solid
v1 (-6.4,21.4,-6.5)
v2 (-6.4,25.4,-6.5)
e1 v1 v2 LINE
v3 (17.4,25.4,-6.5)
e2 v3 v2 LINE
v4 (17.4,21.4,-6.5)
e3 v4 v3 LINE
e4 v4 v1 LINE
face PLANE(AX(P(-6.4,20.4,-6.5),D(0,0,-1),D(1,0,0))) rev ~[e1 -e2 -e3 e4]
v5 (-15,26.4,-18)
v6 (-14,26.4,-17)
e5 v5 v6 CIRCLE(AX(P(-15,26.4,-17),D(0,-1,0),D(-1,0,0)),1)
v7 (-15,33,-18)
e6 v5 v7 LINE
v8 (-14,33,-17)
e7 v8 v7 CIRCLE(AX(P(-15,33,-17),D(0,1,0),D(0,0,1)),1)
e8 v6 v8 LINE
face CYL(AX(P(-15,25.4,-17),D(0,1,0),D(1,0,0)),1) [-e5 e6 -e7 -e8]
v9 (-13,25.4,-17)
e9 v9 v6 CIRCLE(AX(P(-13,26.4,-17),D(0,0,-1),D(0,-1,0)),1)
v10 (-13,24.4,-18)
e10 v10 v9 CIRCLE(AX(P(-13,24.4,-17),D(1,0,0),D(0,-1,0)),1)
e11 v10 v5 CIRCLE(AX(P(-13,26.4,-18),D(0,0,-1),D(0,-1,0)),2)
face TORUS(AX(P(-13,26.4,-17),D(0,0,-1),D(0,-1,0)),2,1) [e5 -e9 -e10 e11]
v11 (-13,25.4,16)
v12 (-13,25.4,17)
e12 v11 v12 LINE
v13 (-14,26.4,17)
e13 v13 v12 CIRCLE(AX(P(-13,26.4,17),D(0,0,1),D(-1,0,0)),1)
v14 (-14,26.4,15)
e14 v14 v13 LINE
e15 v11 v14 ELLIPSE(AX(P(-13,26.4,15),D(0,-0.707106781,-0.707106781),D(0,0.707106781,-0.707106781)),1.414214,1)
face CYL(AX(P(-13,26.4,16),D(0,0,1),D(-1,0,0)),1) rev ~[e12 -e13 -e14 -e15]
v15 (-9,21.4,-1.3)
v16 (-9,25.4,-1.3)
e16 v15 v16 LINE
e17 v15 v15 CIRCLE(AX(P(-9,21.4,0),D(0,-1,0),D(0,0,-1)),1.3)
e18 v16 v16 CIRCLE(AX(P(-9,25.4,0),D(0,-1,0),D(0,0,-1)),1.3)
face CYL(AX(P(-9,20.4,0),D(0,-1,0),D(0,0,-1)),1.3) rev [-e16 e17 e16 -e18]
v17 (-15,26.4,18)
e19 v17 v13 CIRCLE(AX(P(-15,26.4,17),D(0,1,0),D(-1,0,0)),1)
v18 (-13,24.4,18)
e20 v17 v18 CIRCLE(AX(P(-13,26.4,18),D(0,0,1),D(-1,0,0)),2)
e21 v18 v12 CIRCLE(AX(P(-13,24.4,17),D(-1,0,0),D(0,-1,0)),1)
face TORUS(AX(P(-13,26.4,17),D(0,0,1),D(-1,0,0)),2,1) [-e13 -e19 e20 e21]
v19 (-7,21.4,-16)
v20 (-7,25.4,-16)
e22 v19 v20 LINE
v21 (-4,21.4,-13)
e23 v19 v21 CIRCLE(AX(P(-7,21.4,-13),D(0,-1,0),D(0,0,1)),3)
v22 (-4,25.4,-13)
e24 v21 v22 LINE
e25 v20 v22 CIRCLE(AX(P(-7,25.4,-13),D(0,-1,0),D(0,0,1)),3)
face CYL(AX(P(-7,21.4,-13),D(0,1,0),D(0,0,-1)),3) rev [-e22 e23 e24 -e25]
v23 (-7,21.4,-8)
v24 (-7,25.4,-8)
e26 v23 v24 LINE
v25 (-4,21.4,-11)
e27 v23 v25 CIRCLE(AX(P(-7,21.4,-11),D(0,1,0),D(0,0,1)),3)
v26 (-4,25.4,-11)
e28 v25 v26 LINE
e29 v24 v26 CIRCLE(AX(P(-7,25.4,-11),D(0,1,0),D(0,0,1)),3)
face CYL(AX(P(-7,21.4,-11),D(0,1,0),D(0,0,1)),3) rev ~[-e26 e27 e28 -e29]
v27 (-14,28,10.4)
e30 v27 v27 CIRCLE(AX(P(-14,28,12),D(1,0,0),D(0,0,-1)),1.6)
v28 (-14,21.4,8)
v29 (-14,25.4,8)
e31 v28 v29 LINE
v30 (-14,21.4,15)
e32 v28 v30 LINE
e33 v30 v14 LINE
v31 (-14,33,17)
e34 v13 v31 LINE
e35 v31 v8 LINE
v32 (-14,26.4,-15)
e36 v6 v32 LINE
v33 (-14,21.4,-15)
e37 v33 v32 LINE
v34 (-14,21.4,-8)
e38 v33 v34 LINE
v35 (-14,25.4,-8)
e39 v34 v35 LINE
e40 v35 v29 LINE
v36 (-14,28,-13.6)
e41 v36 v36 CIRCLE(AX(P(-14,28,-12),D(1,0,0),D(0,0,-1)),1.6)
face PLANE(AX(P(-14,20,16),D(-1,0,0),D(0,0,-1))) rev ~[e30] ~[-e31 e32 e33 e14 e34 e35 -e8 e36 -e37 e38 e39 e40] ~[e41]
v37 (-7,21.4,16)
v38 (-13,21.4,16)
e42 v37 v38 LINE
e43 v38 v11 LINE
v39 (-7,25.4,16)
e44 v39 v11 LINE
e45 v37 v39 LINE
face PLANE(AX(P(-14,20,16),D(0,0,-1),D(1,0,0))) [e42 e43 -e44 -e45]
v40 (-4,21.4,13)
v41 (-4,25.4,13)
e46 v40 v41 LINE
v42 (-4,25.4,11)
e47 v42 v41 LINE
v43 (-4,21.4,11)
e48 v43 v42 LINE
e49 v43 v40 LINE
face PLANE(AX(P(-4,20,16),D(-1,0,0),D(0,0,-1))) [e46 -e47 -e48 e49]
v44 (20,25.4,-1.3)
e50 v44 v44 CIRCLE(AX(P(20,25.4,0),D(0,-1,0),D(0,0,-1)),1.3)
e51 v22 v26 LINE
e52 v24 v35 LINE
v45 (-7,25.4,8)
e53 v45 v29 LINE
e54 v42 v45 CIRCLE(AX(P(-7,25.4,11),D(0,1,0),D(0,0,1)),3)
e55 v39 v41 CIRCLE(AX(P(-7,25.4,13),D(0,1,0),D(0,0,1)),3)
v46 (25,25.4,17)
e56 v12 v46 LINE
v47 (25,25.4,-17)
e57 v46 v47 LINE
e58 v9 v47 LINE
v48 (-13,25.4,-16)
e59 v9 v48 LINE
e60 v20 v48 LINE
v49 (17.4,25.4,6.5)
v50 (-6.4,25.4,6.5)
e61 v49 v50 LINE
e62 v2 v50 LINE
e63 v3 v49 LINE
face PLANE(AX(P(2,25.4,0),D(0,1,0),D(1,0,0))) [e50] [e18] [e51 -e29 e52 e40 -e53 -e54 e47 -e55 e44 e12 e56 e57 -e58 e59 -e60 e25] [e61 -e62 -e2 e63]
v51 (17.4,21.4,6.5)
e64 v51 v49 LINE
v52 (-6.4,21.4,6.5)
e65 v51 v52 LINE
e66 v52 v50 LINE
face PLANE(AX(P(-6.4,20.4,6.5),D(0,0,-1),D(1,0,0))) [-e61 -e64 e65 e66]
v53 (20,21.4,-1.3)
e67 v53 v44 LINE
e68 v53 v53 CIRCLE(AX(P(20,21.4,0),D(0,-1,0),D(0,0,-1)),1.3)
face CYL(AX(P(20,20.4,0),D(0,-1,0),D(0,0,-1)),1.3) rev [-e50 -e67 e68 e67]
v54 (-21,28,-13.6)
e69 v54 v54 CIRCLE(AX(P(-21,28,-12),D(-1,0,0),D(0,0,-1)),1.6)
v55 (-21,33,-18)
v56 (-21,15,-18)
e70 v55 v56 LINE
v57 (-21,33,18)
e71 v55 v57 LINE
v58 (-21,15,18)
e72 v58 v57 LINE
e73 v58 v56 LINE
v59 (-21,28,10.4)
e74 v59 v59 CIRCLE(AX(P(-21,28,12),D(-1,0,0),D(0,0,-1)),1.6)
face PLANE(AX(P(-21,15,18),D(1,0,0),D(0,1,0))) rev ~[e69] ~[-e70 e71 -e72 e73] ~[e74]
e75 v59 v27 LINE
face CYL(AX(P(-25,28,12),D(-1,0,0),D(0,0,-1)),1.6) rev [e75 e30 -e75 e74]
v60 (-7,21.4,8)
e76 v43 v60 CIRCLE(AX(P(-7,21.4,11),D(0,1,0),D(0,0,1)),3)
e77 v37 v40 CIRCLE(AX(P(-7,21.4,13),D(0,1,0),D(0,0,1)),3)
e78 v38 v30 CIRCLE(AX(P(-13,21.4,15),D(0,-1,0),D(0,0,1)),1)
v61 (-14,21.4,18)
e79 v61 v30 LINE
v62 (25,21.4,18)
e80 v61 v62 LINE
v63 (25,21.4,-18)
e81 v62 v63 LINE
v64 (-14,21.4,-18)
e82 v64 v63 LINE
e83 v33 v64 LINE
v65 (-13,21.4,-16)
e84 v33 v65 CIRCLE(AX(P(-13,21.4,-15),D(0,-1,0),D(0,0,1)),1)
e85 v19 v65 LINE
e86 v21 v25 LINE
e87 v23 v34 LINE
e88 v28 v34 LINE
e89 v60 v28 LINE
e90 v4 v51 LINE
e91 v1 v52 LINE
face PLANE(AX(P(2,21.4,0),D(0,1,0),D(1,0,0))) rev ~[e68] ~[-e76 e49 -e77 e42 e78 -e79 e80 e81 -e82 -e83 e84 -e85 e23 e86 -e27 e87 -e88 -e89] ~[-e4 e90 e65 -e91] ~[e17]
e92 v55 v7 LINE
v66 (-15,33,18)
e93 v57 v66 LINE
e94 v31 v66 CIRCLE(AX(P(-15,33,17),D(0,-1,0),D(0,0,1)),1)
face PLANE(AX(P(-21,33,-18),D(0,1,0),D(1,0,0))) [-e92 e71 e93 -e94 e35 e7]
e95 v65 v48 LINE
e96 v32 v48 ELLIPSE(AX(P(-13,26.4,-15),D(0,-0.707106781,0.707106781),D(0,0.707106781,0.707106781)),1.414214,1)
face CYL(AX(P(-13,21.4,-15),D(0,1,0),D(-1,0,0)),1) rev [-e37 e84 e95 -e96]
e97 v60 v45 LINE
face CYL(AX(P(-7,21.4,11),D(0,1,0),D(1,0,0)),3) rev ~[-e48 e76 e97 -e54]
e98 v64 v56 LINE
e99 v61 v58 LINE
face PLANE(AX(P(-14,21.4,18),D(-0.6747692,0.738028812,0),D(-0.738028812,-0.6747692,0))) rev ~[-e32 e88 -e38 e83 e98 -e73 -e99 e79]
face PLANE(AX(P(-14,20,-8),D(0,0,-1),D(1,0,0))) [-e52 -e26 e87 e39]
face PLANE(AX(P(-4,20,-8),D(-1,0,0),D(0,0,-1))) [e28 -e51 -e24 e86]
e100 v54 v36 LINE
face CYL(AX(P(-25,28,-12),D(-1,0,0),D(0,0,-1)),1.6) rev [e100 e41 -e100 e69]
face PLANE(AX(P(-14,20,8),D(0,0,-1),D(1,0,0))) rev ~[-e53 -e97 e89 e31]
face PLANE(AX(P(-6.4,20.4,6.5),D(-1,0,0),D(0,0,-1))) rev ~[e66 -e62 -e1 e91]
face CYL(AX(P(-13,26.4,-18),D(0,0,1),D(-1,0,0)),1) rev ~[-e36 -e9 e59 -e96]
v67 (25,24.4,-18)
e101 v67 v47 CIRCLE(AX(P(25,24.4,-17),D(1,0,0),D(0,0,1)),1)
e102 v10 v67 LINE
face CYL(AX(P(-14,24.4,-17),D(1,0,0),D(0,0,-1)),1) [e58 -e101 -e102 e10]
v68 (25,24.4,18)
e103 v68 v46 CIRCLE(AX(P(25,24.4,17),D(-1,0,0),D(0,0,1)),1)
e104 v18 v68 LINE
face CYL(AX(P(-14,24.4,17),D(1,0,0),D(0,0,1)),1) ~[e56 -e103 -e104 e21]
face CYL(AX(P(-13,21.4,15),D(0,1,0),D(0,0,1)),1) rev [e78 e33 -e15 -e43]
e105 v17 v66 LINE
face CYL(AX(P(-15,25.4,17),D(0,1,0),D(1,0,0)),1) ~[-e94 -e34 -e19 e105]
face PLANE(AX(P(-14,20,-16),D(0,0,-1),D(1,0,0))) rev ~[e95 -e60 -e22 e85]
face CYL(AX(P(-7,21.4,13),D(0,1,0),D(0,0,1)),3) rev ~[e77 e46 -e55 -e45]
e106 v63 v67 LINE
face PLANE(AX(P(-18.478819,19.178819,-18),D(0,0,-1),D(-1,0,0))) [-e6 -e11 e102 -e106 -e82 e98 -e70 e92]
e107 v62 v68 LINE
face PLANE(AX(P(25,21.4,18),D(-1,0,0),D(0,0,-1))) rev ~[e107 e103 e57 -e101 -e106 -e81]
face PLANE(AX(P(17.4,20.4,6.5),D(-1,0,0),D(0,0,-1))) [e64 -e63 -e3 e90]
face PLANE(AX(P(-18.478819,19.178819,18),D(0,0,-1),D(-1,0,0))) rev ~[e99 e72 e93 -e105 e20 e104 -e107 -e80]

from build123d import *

# Parameters (mm, degrees)
SERVO_SHELF_START                = 21.4
SERVO_SHELF_PROFILE_W            = 46
SERVO_SHELF_PROFILE_H            = 36
SERVO_SHELF_DEPTH                = 4
REAR_CLAMPING_BLOCK_START        = -18
REAR_CLAMPING_BLOCK_PROFILE_W    = 7
REAR_CLAMPING_BLOCK_PROFILE_H    = 10
REAR_CLAMPING_BLOCK_DEPTH        = 36
SERVO_BODY_WINDOW_START          = 20.4
SERVO_BODY_WINDOW_PROFILE_W      = 23.8
SERVO_BODY_WINDOW_PROFILE_H      = 13
SERVO_BODY_WINDOW_DEPTH          = 25.744213361
YAW_SERVO_M2_FASTENERS_START     = 20.4
YAW_SERVO_M2_FASTENERS_PROFILE_R = 1.3
YAW_SERVO_M2_FASTENERS_DEPTH     = 25.744213361
LEFT_NUT_ACCESS_START            = 20
LEFT_NUT_ACCESS_PROFILE_W        = 10
LEFT_NUT_ACCESS_PROFILE_H        = 8
LEFT_NUT_ACCESS_DEPTH            = 26.144213361
RIGHT_NUT_ACCESS_START           = 20
RIGHT_NUT_ACCESS_PROFILE_W       = 10
RIGHT_NUT_ACCESS_PROFILE_H       = 8
RIGHT_NUT_ACCESS_DEPTH           = 26.144213361
REAR_CLAMPING_M3_HOLES_START     = -25
REAR_CLAMPING_M3_PROFILE_R       = 1.6
REAR_CLAMPING_M3_HOLES_DEPTH     = 11
FILLET1_R                        = 3
FILLET2_R                        = 1
BOSS_EXTRUDE1_START              = -36
BOSS_EXTRUDE1_DEPTH              = 36


with BuildPart() as part:
    # Servo_shelf_profile → Servo_shelf (new body)
    with BuildSketch(Plane(origin=(0, 0, 0), x_dir=(1, 0, 0), z_dir=(0, 1, 0)).offset(SERVO_SHELF_START)):
        with Locations((2, 0)):
            Rectangle(SERVO_SHELF_PROFILE_W, SERVO_SHELF_PROFILE_H)
    extrude(amount=SERVO_SHELF_DEPTH)

    # Rear_clamping_block_profile → Rear_clamping_block (add)
    with BuildSketch(Plane.XY.offset(REAR_CLAMPING_BLOCK_START)):
        with Locations((-17.5, 28)):
            Rectangle(REAR_CLAMPING_BLOCK_PROFILE_W, REAR_CLAMPING_BLOCK_PROFILE_H)
    extrude(amount=REAR_CLAMPING_BLOCK_DEPTH)

    # Servo_body_window_profile → Servo_body_window (cut, through all)
    with BuildSketch(Plane(origin=(0, 0, 0), x_dir=(1, 0, 0), z_dir=(0, 1, 0)).offset(SERVO_BODY_WINDOW_START)):
        with Locations((5.5, 0)):
            Rectangle(SERVO_BODY_WINDOW_PROFILE_W, SERVO_BODY_WINDOW_PROFILE_H)
    extrude(amount=SERVO_BODY_WINDOW_DEPTH, mode=Mode.SUBTRACT)

    # Yaw_servo_M2_fasteners_profile → Yaw_servo_M2_fasteners (cut, through all)
    with BuildSketch(Plane(origin=(0, 0, 0), x_dir=(1, 0, 0), z_dir=(0, 1, 0)).offset(YAW_SERVO_M2_FASTENERS_START)):
        with Locations(Location((-9, 0, 0), (0, 0, 90))):
            Circle(YAW_SERVO_M2_FASTENERS_PROFILE_R)
        with Locations(Location((20, 0, 0), (0, 0, 90))):
            Circle(YAW_SERVO_M2_FASTENERS_PROFILE_R)
    extrude(amount=YAW_SERVO_M2_FASTENERS_DEPTH, mode=Mode.SUBTRACT)

    # Left_nut_access_profile → Left_nut_access (cut, through all)
    with BuildSketch(Plane(origin=(0, 0, 0), x_dir=(1, 0, 0), z_dir=(0, 1, 0)).offset(LEFT_NUT_ACCESS_START)):
        with Locations((-9, 12)):
            Rectangle(LEFT_NUT_ACCESS_PROFILE_W, LEFT_NUT_ACCESS_PROFILE_H)
    extrude(amount=LEFT_NUT_ACCESS_DEPTH, mode=Mode.SUBTRACT)

    # Right_nut_access_profile → Right_nut_access (cut, through all)
    with BuildSketch(Plane(origin=(0, 0, 0), x_dir=(1, 0, 0), z_dir=(0, 1, 0)).offset(RIGHT_NUT_ACCESS_START)):
        with Locations((-9, -12)):
            Rectangle(RIGHT_NUT_ACCESS_PROFILE_W, RIGHT_NUT_ACCESS_PROFILE_H)
    extrude(amount=RIGHT_NUT_ACCESS_DEPTH, mode=Mode.SUBTRACT)

    # Rear_clamping_M3_profile → Rear_clamping_M3_holes (cut)
    with BuildSketch(Plane(origin=(0, 0, 0), x_dir=(0, 0, -1), z_dir=(1, 0, 0)).offset(REAR_CLAMPING_M3_HOLES_START)):
        with Locations((12, 28)):
            Circle(REAR_CLAMPING_M3_PROFILE_R)
        with Locations((-12, 28)):
            Circle(REAR_CLAMPING_M3_PROFILE_R)
    extrude(amount=REAR_CLAMPING_M3_HOLES_DEPTH, mode=Mode.SUBTRACT)

    # Fillet1
    fillet1_edges = [part.edges().sort_by_distance(p)[0] for p in [
        (-4, 23.4, 16),
        (-4, 23.4, 8),
        (-4, 23.4, -8),
        (-4, 23.4, -16),
    ]]
    fillet(fillet1_edges, radius=FILLET1_R)

    # Fillet2
    fillet2_edges = [part.edges().sort_by_distance(p)[0] for p in [
        (-14, 23.4, 16),
        (5.5, 25.4, 18),
        (-14, 25.4, 17),
        (5.5, 25.4, -18),
        (-14, 29.2, 18),
        (-14, 29.2, -18),
        (-14, 25.4, -17),
        (-14, 23.4, -16),
    ]]
    fillet(fillet2_edges, radius=FILLET2_R)

    # Sketch1 → Boss-Extrude1 (add)
    with BuildSketch(Plane(origin=(0, 0, -18), x_dir=(-1, 0, 0), z_dir=(0, 0, -1)).offset(BOSS_EXTRUDE1_START)):
        Polygon((14, 21.4), (21, 15), (21, 21.4), align=None)
    extrude(amount=BOSS_EXTRUDE1_DEPTH)


solid = part.part
